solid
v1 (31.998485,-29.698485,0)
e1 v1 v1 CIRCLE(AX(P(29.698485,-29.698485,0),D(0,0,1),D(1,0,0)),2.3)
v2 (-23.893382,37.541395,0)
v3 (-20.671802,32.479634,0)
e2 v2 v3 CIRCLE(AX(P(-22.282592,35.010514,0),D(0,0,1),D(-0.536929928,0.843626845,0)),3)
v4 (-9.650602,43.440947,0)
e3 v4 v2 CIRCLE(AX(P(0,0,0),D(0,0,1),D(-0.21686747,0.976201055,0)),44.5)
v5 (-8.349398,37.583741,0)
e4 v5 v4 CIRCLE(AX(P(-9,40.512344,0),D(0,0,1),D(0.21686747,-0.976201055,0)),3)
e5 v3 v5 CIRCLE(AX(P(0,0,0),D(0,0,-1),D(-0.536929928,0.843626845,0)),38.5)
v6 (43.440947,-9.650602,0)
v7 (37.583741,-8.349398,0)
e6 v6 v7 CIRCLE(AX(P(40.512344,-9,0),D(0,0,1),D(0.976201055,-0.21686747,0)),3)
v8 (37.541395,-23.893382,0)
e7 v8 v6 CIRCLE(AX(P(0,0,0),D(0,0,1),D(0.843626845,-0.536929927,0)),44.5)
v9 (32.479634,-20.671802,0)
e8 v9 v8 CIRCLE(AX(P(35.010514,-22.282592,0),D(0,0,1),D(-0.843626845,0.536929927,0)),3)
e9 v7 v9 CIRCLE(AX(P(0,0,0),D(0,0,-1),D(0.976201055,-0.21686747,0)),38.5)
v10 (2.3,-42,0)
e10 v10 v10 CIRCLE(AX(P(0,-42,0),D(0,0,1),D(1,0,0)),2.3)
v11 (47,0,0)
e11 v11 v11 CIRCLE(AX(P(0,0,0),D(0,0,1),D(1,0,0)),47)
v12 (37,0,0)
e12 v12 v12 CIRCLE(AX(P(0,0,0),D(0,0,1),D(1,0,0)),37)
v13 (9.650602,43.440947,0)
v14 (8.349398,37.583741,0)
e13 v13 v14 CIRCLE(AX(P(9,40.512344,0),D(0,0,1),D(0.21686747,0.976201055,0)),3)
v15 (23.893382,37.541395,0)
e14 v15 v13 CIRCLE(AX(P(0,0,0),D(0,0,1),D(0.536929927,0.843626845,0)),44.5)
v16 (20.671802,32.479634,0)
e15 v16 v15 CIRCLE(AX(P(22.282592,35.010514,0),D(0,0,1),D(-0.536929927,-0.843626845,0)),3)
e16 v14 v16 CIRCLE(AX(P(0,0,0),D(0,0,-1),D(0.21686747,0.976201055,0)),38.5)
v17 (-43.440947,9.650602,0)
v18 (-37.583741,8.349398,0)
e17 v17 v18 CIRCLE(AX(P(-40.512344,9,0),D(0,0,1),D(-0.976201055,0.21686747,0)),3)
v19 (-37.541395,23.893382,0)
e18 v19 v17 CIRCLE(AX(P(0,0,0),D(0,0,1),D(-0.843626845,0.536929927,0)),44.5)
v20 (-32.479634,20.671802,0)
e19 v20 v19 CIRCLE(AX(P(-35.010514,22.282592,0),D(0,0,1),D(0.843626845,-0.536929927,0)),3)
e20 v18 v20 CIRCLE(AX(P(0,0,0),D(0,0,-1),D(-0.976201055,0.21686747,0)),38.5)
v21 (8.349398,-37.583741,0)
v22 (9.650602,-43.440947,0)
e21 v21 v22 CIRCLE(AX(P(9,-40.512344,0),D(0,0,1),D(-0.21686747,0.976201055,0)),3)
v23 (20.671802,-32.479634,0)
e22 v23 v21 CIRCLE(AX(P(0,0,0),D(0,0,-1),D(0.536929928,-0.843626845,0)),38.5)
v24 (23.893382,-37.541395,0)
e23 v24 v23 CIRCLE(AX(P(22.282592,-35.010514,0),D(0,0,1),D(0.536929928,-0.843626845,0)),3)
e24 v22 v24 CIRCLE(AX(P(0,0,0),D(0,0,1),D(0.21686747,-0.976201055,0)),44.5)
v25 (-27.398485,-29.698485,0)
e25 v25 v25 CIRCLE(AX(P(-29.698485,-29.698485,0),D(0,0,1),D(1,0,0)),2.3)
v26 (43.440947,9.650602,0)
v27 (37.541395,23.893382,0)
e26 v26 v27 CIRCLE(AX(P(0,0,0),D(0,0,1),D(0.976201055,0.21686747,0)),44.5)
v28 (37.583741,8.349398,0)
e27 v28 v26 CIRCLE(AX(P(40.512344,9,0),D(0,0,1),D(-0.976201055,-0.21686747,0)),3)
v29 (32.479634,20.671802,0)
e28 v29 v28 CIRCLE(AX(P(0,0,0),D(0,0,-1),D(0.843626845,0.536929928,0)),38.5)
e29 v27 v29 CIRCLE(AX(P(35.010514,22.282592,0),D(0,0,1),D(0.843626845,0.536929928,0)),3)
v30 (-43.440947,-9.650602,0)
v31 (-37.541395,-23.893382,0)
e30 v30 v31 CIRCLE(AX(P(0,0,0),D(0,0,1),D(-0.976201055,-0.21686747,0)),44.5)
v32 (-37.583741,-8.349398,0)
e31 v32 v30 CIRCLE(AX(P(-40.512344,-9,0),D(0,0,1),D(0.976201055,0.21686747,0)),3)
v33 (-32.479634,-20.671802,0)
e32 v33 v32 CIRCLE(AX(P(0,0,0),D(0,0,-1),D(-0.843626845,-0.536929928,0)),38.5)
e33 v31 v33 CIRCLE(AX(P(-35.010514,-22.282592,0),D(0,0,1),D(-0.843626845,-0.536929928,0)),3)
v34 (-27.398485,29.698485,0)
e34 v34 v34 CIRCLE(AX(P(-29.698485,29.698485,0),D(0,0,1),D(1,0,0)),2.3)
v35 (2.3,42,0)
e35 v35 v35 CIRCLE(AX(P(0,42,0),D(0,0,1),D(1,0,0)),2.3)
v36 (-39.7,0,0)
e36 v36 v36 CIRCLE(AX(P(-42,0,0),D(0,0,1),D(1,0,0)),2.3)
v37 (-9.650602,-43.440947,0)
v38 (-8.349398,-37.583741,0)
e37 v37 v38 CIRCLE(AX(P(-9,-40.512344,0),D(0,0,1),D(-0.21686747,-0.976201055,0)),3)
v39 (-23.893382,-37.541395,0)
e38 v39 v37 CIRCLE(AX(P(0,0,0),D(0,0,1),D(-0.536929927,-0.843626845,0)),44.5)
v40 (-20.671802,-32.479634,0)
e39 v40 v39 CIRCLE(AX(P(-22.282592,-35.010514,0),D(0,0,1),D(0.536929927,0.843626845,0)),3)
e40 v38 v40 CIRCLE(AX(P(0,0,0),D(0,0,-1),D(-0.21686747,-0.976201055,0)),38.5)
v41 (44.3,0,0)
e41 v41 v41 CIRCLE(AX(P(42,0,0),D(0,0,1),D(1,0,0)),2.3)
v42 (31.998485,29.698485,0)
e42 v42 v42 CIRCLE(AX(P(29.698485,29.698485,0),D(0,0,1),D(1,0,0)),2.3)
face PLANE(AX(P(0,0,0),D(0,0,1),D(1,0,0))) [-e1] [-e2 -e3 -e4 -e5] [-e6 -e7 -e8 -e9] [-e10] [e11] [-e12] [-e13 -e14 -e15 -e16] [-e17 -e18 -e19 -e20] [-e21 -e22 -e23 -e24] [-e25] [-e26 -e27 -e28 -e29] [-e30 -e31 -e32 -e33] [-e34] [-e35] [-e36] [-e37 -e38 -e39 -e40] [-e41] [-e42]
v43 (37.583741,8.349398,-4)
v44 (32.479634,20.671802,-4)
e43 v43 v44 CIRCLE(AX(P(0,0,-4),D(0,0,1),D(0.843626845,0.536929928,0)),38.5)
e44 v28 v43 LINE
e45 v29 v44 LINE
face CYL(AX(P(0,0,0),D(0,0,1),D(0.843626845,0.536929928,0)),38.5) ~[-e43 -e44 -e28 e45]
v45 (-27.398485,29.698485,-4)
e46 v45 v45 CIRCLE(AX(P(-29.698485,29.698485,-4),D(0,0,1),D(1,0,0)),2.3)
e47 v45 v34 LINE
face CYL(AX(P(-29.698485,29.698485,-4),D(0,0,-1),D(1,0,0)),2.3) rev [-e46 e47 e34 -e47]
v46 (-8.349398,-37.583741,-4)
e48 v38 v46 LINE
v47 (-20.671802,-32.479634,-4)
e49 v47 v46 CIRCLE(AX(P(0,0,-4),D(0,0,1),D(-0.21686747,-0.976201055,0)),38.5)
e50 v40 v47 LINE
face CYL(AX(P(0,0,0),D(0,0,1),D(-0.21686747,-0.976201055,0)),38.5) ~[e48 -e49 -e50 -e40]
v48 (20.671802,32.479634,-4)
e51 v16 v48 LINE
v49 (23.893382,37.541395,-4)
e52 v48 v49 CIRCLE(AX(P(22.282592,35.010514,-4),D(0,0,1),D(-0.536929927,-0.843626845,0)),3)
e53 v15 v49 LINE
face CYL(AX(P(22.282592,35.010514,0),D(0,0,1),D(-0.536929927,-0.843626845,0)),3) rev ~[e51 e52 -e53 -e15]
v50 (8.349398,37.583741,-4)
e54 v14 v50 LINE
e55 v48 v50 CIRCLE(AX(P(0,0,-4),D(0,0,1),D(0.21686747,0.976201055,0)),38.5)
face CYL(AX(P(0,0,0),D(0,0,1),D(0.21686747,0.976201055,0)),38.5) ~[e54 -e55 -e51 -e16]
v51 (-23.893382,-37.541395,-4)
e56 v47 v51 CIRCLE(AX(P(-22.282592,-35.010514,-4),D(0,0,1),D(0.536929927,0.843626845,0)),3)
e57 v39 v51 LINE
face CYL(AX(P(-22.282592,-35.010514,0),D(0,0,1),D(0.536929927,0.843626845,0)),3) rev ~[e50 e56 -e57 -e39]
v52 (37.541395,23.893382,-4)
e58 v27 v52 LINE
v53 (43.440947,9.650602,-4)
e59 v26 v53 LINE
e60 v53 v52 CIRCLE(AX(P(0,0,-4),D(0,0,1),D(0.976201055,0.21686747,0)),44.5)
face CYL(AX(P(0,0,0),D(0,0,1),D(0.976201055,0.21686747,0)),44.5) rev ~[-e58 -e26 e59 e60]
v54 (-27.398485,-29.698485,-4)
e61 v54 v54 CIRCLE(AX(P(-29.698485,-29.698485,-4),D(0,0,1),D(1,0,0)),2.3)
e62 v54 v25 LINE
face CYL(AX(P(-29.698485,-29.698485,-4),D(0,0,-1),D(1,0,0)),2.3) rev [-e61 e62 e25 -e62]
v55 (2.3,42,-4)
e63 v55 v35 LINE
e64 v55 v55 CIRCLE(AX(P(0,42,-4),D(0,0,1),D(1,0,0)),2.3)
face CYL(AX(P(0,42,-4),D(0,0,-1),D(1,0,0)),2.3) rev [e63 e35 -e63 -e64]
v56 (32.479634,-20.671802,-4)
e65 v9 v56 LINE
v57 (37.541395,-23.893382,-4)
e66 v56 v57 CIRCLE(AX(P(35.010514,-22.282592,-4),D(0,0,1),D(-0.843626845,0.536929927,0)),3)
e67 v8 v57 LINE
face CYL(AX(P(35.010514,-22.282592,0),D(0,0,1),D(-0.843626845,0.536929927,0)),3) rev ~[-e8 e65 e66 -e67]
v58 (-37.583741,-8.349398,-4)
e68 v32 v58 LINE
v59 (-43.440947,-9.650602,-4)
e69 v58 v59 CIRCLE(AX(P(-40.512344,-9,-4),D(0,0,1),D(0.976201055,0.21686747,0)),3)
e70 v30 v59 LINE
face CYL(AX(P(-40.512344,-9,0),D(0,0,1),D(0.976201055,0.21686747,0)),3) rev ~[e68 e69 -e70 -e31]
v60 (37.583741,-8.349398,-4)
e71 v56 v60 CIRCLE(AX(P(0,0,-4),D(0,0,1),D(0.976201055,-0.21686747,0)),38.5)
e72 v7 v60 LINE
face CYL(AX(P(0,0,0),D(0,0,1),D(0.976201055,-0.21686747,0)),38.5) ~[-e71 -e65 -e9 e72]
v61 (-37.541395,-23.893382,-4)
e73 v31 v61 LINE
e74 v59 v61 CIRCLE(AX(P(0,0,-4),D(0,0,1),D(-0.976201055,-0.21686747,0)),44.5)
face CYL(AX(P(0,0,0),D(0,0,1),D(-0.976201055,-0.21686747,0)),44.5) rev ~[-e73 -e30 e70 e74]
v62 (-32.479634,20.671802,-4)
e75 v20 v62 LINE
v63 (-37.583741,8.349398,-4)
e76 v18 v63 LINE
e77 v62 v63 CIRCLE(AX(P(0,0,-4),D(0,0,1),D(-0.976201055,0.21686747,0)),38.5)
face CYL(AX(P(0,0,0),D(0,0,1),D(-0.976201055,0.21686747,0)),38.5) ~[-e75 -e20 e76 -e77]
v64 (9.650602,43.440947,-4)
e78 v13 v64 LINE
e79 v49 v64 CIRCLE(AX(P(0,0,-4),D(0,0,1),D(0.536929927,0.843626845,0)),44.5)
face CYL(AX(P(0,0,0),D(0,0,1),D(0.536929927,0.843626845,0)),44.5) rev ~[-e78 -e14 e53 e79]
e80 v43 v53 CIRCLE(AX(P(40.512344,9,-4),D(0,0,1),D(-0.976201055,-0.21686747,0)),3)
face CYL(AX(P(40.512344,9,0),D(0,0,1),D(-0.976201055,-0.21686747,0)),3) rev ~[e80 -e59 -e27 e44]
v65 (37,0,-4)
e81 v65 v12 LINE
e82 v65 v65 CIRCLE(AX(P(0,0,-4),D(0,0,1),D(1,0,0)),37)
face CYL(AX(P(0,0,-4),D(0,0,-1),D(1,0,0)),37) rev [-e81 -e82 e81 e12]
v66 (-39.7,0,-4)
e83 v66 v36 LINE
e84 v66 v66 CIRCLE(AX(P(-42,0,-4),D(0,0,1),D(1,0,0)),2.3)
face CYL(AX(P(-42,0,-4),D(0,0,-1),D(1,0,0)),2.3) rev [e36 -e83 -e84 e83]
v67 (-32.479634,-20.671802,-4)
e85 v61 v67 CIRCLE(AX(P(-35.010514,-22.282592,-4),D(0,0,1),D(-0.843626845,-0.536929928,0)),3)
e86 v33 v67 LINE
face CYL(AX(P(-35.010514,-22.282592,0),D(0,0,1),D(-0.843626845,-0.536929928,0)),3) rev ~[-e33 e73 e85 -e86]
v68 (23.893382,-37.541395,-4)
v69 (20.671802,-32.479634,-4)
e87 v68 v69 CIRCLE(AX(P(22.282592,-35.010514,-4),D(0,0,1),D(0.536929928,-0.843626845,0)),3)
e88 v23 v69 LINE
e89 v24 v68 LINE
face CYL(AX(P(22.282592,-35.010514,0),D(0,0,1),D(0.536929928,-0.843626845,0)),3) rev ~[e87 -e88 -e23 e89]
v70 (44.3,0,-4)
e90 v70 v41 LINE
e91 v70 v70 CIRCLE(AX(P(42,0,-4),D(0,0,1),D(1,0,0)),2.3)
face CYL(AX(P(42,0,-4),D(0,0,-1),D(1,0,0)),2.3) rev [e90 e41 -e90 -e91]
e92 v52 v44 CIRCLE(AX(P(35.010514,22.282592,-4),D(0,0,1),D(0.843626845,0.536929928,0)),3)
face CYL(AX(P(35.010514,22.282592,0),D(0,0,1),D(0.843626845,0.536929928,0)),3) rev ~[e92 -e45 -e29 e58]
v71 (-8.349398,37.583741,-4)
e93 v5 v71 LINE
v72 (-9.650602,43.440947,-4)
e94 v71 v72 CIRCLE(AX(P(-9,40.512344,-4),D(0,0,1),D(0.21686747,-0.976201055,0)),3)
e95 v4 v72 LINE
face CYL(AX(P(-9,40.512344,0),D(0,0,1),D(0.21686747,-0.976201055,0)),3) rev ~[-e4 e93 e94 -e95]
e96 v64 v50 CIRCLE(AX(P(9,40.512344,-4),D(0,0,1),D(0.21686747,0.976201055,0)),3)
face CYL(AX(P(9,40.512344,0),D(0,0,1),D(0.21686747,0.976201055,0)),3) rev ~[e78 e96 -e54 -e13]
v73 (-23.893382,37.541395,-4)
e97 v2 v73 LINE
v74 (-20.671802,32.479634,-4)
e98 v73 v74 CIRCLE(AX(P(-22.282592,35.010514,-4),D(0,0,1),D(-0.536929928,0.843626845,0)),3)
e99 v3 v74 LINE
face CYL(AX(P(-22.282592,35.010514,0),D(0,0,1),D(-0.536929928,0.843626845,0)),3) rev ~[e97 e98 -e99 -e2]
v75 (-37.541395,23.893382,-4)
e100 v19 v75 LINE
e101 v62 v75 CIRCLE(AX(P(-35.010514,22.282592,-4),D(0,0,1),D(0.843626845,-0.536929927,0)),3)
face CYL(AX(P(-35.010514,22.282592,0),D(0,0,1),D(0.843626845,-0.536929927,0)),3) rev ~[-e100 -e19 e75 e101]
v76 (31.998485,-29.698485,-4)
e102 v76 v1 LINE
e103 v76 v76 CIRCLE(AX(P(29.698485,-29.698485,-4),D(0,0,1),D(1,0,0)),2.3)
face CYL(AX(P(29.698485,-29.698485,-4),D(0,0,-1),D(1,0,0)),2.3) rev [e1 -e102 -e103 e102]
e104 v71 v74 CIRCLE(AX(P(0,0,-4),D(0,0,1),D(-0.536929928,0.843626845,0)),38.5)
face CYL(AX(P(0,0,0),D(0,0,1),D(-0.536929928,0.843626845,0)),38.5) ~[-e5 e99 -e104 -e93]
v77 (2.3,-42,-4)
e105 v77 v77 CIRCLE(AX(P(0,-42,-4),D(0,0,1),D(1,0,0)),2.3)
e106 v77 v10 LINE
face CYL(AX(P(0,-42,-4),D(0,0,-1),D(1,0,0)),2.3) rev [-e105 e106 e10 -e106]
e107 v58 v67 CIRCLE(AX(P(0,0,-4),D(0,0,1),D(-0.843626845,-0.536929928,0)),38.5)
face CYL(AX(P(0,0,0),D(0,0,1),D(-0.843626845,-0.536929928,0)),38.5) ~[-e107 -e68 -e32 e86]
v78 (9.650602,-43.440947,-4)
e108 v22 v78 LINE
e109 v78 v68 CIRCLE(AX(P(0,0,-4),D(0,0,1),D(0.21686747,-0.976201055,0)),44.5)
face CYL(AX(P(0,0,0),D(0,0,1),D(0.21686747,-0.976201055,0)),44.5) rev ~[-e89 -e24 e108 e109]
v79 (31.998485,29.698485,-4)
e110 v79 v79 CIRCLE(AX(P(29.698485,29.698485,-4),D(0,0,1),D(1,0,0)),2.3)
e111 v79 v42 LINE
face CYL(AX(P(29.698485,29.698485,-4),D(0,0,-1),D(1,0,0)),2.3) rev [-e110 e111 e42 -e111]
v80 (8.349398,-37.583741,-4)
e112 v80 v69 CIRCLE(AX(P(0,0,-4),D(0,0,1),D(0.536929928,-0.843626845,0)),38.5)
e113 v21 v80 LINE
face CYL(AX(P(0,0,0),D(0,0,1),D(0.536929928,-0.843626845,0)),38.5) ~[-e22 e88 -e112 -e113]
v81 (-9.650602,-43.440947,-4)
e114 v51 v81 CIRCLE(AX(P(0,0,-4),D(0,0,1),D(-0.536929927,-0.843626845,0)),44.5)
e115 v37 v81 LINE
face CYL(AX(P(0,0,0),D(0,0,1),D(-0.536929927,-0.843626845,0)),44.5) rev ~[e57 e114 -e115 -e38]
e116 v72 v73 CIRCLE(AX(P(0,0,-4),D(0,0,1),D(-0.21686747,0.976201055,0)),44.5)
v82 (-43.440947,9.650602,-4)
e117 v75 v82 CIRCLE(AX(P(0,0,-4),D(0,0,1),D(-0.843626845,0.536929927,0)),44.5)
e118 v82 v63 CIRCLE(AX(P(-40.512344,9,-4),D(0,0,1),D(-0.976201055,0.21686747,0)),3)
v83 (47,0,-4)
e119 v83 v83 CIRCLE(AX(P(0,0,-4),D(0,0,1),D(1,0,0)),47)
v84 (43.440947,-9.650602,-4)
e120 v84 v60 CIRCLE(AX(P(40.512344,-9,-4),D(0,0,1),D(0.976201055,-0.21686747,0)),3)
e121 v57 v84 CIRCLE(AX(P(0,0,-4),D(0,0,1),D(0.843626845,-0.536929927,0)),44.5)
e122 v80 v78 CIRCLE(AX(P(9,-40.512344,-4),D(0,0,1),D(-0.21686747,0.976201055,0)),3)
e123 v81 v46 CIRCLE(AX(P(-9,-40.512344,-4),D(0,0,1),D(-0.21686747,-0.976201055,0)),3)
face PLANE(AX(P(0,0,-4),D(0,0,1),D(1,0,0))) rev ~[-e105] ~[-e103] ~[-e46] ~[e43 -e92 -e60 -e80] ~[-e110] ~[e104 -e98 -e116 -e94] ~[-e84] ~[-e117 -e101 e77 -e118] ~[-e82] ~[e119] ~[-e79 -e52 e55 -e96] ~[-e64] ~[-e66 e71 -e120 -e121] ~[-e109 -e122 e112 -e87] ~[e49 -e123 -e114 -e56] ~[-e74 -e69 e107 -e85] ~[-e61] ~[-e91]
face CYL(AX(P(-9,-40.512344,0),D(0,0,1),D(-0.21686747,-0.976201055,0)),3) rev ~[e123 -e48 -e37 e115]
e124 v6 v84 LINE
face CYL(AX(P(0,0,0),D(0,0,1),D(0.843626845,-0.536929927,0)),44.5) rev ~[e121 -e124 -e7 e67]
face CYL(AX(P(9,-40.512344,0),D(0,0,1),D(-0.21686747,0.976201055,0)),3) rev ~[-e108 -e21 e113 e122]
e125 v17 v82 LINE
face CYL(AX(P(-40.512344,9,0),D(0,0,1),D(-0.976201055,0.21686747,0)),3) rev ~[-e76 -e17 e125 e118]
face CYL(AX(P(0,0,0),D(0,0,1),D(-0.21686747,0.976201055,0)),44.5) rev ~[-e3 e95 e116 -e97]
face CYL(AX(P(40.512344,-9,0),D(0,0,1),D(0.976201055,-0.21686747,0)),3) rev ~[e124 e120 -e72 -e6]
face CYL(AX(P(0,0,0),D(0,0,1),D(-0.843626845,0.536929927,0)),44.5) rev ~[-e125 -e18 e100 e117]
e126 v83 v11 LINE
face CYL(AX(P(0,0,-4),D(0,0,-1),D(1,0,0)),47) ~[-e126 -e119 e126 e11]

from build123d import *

# Parameters (mm, degrees)
SKETCH_1_R          = 47
SKETCH_1_R_2        = 37
SKETCH_1_R_3        = 2.3
EXTRUDE_1_DEPTH     = 4
CUT_EXTRUDE_1_DEPTH = 5


with BuildPart() as part:
    # 草图1 → 凸台-拉伸1 (new body)
    with BuildSketch(Plane.XY):
        Circle(SKETCH_1_R)
        Circle(SKETCH_1_R_2, mode=Mode.SUBTRACT)
        with Locations((0, 42)):
            Circle(SKETCH_1_R_3, mode=Mode.SUBTRACT)
        with Locations((29.69848481, 29.69848481)):
            Circle(SKETCH_1_R_3, mode=Mode.SUBTRACT)
        with Locations((42, 0)):
            Circle(SKETCH_1_R_3, mode=Mode.SUBTRACT)
        with Locations((29.69848481, -29.69848481)):
            Circle(SKETCH_1_R_3, mode=Mode.SUBTRACT)
        with Locations((0, -42)):
            Circle(SKETCH_1_R_3, mode=Mode.SUBTRACT)
        with Locations((-29.69848481, -29.69848481)):
            Circle(SKETCH_1_R_3, mode=Mode.SUBTRACT)
        with Locations((-42, 0)):
            Circle(SKETCH_1_R_3, mode=Mode.SUBTRACT)
        with Locations((-29.69848481, 29.69848481)):
            Circle(SKETCH_1_R_3, mode=Mode.SUBTRACT)
    extrude(amount=EXTRUDE_1_DEPTH)

    # 草图3 → 切除-拉伸1 (cut, through all)
    with BuildSketch(Plane.XY.offset(4)):
        with BuildLine():
            ThreePointArc((23.893381773, 37.541394586), (17.02941274, 41.112639197), (9.65060241, 43.440946964))
            ThreePointArc((9.65060241, 43.440946964), (6.071396834, 41.162946208), (8.34939759, 37.583740632))
            ThreePointArc((8.34939759, 37.583740632), (14.733312146, 35.569362002), (20.671802208, 32.479633518))
            ThreePointArc((20.671802208, 32.479633518), (24.813472524, 33.399724269), (23.893381773, 37.541394586))
        make_face()
        with BuildLine():
            ThreePointArc((43.440946964, 9.65060241), (41.112639197, 17.02941274), (37.541394586, 23.893381773))
            ThreePointArc((37.541394586, 23.893381773), (33.399724269, 24.813472524), (32.479633518, 20.671802208))
            ThreePointArc((32.479633518, 20.671802208), (35.569362002, 14.733312146), (37.583740632, 8.34939759))
            ThreePointArc((37.583740632, 8.34939759), (41.162946208, 6.071396834), (43.440946964, 9.65060241))
        make_face()
        with BuildLine():
            ThreePointArc((37.541394586, -23.893381773), (41.112639197, -17.02941274), (43.440946964, -9.65060241))
            ThreePointArc((43.440946964, -9.65060241), (41.162946208, -6.071396834), (37.583740632, -8.34939759))
            ThreePointArc((37.583740632, -8.34939759), (35.569362002, -14.733312146), (32.479633518, -20.671802208))
            ThreePointArc((32.479633518, -20.671802208), (33.399724269, -24.813472524), (37.541394586, -23.893381773))
        make_face()
        with BuildLine():
            ThreePointArc((9.65060241, -43.440946964), (17.02941274, -41.112639197), (23.893381773, -37.541394586))
            ThreePointArc((23.893381773, -37.541394586), (24.813472524, -33.399724269), (20.671802208, -32.479633518))
            ThreePointArc((20.671802208, -32.479633518), (14.733312146, -35.569362002), (8.34939759, -37.583740632))
            ThreePointArc((8.34939759, -37.583740632), (6.071396834, -41.162946208), (9.65060241, -43.440946964))
        make_face()
        with BuildLine():
            ThreePointArc((-23.893381773, -37.541394586), (-17.02941274, -41.112639197), (-9.65060241, -43.440946964))
            ThreePointArc((-9.65060241, -43.440946964), (-6.071396834, -41.162946208), (-8.34939759, -37.583740632))
            ThreePointArc((-8.34939759, -37.583740632), (-14.733312146, -35.569362002), (-20.671802208, -32.479633518))
            ThreePointArc((-20.671802208, -32.479633518), (-24.813472524, -33.399724269), (-23.893381773, -37.541394586))
        make_face()
        with BuildLine():
            ThreePointArc((-43.440946964, -9.65060241), (-41.112639197, -17.02941274), (-37.541394586, -23.893381773))
            ThreePointArc((-37.541394586, -23.893381773), (-33.399724269, -24.813472524), (-32.479633518, -20.671802208))
            ThreePointArc((-32.479633518, -20.671802208), (-35.569362002, -14.733312146), (-37.583740632, -8.34939759))
            ThreePointArc((-37.583740632, -8.34939759), (-41.162946208, -6.071396834), (-43.440946964, -9.65060241))
        make_face()
        with BuildLine():
            ThreePointArc((-37.541394586, 23.893381773), (-41.112639197, 17.02941274), (-43.440946964, 9.65060241))
            ThreePointArc((-43.440946964, 9.65060241), (-41.162946208, 6.071396834), (-37.583740632, 8.34939759))
            ThreePointArc((-37.583740632, 8.34939759), (-35.569362002, 14.733312146), (-32.479633518, 20.671802208))
            ThreePointArc((-32.479633518, 20.671802208), (-33.399724269, 24.813472524), (-37.541394586, 23.893381773))
        make_face()
        with BuildLine():
            ThreePointArc((-9.65060241, 43.440946964), (-17.02941274, 41.112639197), (-23.893381773, 37.541394586))
            ThreePointArc((-23.893381773, 37.541394586), (-24.813472524, 33.399724269), (-20.671802208, 32.479633518))
            ThreePointArc((-20.671802208, 32.479633518), (-14.733312146, 35.569362002), (-8.34939759, 37.583740632))
            ThreePointArc((-8.34939759, 37.583740632), (-6.071396834, 41.162946208), (-9.65060241, 43.440946964))
        make_face()
    extrude(amount=-CUT_EXTRUDE_1_DEPTH, mode=Mode.SUBTRACT)


with BuildPart() as part_1:
    # Move Body 1: moved
    add(part.part.moved(Location((0, 0, -4))))


solid = part_1.part
